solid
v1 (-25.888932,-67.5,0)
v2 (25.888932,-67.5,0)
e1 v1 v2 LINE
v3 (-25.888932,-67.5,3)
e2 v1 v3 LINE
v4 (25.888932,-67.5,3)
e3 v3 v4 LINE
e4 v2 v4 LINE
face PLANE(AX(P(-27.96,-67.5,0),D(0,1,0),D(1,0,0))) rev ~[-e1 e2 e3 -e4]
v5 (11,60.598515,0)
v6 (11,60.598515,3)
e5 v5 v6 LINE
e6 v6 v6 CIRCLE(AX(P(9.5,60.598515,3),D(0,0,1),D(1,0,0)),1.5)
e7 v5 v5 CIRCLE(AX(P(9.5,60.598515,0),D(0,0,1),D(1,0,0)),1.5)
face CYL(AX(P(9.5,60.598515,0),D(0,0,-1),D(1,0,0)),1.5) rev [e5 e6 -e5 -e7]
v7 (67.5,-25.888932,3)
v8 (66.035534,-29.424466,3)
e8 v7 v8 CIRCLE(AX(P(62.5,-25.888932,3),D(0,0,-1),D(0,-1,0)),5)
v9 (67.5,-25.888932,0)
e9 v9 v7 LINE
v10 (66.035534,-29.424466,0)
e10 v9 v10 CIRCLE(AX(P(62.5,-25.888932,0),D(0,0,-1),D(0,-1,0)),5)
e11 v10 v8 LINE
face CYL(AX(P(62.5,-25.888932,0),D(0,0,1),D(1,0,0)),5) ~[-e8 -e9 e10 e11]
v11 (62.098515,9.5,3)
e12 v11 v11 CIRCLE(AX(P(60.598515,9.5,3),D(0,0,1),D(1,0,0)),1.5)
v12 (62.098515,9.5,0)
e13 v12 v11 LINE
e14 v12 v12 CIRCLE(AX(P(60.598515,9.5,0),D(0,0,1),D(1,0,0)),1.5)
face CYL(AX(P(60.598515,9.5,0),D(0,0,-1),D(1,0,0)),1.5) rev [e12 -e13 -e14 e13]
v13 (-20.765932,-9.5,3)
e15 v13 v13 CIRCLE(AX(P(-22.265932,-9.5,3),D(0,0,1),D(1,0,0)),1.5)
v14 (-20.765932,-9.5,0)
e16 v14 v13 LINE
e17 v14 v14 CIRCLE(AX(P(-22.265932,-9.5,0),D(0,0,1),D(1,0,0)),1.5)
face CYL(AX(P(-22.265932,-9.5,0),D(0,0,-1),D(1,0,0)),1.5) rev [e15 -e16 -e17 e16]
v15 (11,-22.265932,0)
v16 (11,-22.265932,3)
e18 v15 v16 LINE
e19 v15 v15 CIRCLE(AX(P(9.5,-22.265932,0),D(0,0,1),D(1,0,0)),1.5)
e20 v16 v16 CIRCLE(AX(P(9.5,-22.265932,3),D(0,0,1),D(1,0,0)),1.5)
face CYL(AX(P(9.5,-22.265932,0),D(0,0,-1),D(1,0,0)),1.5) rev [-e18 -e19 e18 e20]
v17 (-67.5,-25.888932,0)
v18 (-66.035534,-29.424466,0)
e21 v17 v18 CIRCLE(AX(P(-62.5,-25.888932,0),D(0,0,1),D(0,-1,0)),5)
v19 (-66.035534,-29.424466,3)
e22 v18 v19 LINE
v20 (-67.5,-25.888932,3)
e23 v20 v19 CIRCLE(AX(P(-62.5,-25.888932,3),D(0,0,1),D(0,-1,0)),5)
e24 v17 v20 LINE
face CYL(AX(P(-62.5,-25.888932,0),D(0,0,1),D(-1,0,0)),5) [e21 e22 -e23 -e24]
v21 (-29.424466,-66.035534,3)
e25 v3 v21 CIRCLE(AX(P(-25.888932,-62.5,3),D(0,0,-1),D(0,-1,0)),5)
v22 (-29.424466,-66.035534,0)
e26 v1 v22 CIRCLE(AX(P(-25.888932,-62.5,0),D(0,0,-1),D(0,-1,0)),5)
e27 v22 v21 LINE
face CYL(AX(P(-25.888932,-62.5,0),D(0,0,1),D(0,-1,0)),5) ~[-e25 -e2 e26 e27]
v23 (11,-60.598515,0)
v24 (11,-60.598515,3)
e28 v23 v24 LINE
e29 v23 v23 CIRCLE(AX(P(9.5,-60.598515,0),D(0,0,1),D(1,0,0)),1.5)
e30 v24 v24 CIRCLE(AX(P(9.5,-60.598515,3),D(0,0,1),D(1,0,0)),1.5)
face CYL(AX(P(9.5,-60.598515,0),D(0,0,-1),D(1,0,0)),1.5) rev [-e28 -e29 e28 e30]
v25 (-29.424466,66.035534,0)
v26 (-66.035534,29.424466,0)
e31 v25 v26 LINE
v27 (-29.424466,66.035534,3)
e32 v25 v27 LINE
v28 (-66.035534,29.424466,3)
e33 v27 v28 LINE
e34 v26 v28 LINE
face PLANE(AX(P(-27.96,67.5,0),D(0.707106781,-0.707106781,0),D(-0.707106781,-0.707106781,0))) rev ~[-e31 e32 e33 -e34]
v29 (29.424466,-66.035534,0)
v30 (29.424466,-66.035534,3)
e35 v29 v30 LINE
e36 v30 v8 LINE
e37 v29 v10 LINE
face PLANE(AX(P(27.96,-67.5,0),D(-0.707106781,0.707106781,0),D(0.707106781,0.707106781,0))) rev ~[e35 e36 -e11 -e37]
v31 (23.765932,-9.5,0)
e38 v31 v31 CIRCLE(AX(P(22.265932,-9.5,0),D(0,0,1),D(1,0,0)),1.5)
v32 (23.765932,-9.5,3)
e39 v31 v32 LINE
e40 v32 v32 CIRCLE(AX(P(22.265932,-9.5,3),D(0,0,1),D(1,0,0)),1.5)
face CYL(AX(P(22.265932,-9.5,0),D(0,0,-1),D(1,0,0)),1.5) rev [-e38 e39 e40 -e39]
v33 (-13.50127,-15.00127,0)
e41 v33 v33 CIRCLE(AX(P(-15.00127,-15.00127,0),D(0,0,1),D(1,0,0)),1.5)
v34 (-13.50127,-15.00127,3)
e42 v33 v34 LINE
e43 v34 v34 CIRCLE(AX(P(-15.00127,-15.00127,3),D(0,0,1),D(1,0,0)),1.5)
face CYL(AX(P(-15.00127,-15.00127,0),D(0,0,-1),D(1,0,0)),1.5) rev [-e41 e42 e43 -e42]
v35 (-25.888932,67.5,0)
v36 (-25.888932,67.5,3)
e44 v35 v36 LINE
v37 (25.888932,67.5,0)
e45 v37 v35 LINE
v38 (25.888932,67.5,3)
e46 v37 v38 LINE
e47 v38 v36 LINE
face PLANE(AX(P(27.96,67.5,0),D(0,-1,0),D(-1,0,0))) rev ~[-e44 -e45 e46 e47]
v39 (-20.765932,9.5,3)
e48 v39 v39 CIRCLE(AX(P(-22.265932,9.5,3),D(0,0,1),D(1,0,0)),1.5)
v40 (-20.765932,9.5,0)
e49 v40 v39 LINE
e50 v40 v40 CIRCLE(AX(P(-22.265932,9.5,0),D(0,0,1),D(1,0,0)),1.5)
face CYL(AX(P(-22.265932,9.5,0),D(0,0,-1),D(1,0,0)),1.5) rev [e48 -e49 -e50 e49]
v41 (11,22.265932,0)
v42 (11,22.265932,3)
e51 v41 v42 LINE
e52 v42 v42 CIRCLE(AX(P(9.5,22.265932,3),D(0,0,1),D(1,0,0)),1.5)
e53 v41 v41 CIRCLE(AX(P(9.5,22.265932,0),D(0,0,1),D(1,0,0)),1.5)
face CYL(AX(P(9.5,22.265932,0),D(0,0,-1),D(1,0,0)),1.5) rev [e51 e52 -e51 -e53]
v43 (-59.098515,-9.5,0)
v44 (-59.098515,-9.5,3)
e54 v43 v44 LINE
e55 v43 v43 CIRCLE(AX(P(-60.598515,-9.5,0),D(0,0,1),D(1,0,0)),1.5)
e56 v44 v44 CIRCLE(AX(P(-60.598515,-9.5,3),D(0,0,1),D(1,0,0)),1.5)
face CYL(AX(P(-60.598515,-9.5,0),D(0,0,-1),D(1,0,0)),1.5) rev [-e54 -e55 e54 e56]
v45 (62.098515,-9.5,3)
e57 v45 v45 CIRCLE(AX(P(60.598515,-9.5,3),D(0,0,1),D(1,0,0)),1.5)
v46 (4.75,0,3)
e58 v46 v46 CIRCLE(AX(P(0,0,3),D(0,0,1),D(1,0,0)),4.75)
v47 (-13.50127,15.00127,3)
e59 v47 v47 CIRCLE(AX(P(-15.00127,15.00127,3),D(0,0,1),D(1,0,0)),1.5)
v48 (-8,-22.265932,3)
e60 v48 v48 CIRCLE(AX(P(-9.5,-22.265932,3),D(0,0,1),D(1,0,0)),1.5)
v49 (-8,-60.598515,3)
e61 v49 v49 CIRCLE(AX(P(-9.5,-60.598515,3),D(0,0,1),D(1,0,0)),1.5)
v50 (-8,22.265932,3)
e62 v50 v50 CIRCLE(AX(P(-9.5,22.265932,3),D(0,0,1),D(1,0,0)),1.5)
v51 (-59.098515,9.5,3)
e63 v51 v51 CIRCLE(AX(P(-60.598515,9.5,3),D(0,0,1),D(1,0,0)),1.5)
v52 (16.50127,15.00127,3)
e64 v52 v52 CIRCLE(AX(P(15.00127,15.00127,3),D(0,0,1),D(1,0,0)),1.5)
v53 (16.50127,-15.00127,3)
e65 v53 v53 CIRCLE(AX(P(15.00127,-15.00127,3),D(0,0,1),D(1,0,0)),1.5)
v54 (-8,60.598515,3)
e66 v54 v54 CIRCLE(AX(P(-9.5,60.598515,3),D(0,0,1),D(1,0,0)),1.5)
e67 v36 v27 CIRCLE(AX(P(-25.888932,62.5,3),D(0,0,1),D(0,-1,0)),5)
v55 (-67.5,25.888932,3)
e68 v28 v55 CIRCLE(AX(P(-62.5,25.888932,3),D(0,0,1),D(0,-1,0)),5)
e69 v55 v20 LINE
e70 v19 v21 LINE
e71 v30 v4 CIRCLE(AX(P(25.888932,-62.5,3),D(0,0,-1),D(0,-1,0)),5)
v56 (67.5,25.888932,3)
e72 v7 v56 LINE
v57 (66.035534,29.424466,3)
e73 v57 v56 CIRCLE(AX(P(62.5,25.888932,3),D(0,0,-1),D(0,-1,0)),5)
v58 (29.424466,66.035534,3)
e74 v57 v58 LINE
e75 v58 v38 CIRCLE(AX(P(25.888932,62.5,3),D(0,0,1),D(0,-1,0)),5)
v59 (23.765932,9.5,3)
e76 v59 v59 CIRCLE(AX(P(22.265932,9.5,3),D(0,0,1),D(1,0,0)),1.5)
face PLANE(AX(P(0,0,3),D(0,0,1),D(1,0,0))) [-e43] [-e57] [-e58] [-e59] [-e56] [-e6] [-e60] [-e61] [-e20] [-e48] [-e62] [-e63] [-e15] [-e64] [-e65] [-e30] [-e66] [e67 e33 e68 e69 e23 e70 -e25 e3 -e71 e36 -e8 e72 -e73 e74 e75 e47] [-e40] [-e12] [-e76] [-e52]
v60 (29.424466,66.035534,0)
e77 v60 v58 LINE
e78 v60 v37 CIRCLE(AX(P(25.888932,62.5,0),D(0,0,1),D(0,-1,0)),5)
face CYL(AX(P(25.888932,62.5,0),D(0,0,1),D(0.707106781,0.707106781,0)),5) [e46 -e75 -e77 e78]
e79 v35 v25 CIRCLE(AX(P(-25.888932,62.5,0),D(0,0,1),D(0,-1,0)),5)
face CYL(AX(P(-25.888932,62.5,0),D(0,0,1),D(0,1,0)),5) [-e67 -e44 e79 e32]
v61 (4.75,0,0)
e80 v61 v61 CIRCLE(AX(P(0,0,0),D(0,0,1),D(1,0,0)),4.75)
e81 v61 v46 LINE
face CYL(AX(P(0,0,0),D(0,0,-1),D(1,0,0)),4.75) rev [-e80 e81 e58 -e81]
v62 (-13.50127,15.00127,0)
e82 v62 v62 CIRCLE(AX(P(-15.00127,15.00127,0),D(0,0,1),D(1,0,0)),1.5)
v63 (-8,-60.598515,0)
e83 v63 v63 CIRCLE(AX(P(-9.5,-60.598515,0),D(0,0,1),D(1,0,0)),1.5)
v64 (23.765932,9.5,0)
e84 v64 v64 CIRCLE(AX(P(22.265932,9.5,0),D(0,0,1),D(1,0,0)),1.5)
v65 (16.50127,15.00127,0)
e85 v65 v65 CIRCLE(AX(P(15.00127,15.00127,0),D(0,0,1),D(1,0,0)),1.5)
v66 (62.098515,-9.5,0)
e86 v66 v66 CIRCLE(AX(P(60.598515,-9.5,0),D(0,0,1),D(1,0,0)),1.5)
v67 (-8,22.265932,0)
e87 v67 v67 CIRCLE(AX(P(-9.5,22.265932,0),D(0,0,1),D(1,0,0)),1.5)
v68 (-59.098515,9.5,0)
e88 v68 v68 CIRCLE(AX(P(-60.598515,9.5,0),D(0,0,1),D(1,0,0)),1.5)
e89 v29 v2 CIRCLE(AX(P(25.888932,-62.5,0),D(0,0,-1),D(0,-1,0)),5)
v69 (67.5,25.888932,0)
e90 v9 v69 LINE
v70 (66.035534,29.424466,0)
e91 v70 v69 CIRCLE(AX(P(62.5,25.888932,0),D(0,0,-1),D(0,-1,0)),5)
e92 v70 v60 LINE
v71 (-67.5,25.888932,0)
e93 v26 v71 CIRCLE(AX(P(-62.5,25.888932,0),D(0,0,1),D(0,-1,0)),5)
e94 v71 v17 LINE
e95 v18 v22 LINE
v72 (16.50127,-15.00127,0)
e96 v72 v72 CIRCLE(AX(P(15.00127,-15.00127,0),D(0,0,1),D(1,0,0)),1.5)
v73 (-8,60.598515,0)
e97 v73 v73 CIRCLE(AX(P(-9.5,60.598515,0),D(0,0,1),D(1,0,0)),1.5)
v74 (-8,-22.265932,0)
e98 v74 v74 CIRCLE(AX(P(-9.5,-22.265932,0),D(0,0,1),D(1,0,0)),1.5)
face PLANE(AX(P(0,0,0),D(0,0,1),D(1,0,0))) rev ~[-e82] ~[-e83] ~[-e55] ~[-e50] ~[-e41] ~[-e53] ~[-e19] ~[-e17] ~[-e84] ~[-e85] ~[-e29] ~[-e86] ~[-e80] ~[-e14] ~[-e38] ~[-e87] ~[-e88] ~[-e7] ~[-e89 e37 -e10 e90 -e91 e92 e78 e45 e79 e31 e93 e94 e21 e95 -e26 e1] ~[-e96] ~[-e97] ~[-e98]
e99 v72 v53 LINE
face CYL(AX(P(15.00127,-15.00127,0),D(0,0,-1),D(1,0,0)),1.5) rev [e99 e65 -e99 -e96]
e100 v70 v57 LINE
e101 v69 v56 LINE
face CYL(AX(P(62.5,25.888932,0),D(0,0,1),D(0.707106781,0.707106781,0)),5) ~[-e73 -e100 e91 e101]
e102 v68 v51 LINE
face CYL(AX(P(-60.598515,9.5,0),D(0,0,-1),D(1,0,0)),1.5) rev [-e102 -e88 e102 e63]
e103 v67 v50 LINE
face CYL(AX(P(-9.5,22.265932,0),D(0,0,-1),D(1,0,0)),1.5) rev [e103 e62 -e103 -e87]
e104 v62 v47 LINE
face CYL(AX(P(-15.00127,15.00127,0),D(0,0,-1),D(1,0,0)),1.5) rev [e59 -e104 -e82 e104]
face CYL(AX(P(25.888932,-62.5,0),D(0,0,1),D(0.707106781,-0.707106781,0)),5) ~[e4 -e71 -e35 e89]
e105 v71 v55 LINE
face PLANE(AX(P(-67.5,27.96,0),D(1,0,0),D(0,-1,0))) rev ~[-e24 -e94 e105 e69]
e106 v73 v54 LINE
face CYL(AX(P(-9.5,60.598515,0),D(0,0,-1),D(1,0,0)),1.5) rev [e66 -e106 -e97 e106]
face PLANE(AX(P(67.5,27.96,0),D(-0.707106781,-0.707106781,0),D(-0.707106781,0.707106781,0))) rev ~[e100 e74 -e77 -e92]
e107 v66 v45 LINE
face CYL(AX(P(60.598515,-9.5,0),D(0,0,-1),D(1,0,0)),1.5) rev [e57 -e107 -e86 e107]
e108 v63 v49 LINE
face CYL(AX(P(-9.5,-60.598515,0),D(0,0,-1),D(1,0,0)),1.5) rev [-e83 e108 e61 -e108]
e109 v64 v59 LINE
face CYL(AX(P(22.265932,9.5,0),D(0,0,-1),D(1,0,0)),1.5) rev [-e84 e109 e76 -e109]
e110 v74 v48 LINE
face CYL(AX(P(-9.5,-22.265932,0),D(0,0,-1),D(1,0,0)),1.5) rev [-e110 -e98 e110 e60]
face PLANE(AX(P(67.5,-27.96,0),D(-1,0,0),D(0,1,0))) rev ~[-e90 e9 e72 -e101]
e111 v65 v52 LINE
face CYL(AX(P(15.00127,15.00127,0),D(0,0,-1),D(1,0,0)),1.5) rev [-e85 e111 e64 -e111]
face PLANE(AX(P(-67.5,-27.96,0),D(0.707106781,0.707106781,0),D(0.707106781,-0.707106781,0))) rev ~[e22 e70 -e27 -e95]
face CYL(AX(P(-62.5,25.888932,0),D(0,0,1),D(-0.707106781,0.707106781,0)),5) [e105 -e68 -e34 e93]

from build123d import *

# Parameters (mm, degrees)
F0_R     = 1.5
F0_R_2   = 4.75
F1_DEPTH = 3
F2_R     = 5


with BuildPart() as f1:
    # F0 (on Top) → F1 (new body)
    with BuildSketch(Plane.XY):
        Polygon((67.5, 27.96), (27.96, 67.5), (-27.96, 67.5), (-67.5, 27.96), (-67.5, -27.96), (-27.96, -67.5), (27.96, -67.5), (67.5, -27.96), align=None)
        with Locations((-9.5, -60.598515)):
            Circle(F0_R, mode=Mode.SUBTRACT)
        with Locations((-60.598515, -9.5)):
            Circle(F0_R, mode=Mode.SUBTRACT)
        with Locations((-9.5, -22.265932)):
            Circle(F0_R, mode=Mode.SUBTRACT)
        with Locations((-22.265932, -9.5)):
            Circle(F0_R, mode=Mode.SUBTRACT)
        with Locations((-15.00127, -15.00127)):
            Circle(F0_R, mode=Mode.SUBTRACT)
        with Locations((9.5, -60.598515)):
            Circle(F0_R, mode=Mode.SUBTRACT)
        with Locations((9.5, -22.265932)):
            Circle(F0_R, mode=Mode.SUBTRACT)
        with Locations((15.00127, -15.00127)):
            Circle(F0_R, mode=Mode.SUBTRACT)
        with Locations((22.265932, -9.5)):
            Circle(F0_R, mode=Mode.SUBTRACT)
        with Locations((60.598515, -9.5)):
            Circle(F0_R, mode=Mode.SUBTRACT)
        with Locations((-60.598515, 9.5)):
            Circle(F0_R, mode=Mode.SUBTRACT)
        with Locations((-22.265932, 9.5)):
            Circle(F0_R, mode=Mode.SUBTRACT)
        with Locations((-15.00127, 15.00127)):
            Circle(F0_R, mode=Mode.SUBTRACT)
        with Locations((-9.5, 22.265932)):
            Circle(F0_R, mode=Mode.SUBTRACT)
        with Locations((-9.5, 60.598515)):
            Circle(F0_R, mode=Mode.SUBTRACT)
        Circle(F0_R_2, mode=Mode.SUBTRACT)
        with Locations((15.00127, 15.00127)):
            Circle(F0_R, mode=Mode.SUBTRACT)
        with Locations((22.265932, 9.5)):
            Circle(F0_R, mode=Mode.SUBTRACT)
        with Locations((9.5, 22.265932)):
            Circle(F0_R, mode=Mode.SUBTRACT)
        with Locations((60.598515, 9.5)):
            Circle(F0_R, mode=Mode.SUBTRACT)
        with Locations((9.5, 60.598515)):
            Circle(F0_R, mode=Mode.SUBTRACT)
    extrude(amount=F1_DEPTH)

    # F2
    f2_edges = [f1.edges().sort_by_distance(p)[0] for p in [
        (-27.96, 67.5, 1.5),
        (-67.5, 27.96, 1.5),
        (-67.5, -27.96, 1.5),
        (-27.96, -67.5, 1.5),
        (27.96, -67.5, 1.5),
        (67.5, -27.96, 1.5),
        (67.5, 27.96, 1.5),
        (27.96, 67.5, 1.5),
    ]]
    fillet(f2_edges, radius=F2_R)


solid = f1.part
